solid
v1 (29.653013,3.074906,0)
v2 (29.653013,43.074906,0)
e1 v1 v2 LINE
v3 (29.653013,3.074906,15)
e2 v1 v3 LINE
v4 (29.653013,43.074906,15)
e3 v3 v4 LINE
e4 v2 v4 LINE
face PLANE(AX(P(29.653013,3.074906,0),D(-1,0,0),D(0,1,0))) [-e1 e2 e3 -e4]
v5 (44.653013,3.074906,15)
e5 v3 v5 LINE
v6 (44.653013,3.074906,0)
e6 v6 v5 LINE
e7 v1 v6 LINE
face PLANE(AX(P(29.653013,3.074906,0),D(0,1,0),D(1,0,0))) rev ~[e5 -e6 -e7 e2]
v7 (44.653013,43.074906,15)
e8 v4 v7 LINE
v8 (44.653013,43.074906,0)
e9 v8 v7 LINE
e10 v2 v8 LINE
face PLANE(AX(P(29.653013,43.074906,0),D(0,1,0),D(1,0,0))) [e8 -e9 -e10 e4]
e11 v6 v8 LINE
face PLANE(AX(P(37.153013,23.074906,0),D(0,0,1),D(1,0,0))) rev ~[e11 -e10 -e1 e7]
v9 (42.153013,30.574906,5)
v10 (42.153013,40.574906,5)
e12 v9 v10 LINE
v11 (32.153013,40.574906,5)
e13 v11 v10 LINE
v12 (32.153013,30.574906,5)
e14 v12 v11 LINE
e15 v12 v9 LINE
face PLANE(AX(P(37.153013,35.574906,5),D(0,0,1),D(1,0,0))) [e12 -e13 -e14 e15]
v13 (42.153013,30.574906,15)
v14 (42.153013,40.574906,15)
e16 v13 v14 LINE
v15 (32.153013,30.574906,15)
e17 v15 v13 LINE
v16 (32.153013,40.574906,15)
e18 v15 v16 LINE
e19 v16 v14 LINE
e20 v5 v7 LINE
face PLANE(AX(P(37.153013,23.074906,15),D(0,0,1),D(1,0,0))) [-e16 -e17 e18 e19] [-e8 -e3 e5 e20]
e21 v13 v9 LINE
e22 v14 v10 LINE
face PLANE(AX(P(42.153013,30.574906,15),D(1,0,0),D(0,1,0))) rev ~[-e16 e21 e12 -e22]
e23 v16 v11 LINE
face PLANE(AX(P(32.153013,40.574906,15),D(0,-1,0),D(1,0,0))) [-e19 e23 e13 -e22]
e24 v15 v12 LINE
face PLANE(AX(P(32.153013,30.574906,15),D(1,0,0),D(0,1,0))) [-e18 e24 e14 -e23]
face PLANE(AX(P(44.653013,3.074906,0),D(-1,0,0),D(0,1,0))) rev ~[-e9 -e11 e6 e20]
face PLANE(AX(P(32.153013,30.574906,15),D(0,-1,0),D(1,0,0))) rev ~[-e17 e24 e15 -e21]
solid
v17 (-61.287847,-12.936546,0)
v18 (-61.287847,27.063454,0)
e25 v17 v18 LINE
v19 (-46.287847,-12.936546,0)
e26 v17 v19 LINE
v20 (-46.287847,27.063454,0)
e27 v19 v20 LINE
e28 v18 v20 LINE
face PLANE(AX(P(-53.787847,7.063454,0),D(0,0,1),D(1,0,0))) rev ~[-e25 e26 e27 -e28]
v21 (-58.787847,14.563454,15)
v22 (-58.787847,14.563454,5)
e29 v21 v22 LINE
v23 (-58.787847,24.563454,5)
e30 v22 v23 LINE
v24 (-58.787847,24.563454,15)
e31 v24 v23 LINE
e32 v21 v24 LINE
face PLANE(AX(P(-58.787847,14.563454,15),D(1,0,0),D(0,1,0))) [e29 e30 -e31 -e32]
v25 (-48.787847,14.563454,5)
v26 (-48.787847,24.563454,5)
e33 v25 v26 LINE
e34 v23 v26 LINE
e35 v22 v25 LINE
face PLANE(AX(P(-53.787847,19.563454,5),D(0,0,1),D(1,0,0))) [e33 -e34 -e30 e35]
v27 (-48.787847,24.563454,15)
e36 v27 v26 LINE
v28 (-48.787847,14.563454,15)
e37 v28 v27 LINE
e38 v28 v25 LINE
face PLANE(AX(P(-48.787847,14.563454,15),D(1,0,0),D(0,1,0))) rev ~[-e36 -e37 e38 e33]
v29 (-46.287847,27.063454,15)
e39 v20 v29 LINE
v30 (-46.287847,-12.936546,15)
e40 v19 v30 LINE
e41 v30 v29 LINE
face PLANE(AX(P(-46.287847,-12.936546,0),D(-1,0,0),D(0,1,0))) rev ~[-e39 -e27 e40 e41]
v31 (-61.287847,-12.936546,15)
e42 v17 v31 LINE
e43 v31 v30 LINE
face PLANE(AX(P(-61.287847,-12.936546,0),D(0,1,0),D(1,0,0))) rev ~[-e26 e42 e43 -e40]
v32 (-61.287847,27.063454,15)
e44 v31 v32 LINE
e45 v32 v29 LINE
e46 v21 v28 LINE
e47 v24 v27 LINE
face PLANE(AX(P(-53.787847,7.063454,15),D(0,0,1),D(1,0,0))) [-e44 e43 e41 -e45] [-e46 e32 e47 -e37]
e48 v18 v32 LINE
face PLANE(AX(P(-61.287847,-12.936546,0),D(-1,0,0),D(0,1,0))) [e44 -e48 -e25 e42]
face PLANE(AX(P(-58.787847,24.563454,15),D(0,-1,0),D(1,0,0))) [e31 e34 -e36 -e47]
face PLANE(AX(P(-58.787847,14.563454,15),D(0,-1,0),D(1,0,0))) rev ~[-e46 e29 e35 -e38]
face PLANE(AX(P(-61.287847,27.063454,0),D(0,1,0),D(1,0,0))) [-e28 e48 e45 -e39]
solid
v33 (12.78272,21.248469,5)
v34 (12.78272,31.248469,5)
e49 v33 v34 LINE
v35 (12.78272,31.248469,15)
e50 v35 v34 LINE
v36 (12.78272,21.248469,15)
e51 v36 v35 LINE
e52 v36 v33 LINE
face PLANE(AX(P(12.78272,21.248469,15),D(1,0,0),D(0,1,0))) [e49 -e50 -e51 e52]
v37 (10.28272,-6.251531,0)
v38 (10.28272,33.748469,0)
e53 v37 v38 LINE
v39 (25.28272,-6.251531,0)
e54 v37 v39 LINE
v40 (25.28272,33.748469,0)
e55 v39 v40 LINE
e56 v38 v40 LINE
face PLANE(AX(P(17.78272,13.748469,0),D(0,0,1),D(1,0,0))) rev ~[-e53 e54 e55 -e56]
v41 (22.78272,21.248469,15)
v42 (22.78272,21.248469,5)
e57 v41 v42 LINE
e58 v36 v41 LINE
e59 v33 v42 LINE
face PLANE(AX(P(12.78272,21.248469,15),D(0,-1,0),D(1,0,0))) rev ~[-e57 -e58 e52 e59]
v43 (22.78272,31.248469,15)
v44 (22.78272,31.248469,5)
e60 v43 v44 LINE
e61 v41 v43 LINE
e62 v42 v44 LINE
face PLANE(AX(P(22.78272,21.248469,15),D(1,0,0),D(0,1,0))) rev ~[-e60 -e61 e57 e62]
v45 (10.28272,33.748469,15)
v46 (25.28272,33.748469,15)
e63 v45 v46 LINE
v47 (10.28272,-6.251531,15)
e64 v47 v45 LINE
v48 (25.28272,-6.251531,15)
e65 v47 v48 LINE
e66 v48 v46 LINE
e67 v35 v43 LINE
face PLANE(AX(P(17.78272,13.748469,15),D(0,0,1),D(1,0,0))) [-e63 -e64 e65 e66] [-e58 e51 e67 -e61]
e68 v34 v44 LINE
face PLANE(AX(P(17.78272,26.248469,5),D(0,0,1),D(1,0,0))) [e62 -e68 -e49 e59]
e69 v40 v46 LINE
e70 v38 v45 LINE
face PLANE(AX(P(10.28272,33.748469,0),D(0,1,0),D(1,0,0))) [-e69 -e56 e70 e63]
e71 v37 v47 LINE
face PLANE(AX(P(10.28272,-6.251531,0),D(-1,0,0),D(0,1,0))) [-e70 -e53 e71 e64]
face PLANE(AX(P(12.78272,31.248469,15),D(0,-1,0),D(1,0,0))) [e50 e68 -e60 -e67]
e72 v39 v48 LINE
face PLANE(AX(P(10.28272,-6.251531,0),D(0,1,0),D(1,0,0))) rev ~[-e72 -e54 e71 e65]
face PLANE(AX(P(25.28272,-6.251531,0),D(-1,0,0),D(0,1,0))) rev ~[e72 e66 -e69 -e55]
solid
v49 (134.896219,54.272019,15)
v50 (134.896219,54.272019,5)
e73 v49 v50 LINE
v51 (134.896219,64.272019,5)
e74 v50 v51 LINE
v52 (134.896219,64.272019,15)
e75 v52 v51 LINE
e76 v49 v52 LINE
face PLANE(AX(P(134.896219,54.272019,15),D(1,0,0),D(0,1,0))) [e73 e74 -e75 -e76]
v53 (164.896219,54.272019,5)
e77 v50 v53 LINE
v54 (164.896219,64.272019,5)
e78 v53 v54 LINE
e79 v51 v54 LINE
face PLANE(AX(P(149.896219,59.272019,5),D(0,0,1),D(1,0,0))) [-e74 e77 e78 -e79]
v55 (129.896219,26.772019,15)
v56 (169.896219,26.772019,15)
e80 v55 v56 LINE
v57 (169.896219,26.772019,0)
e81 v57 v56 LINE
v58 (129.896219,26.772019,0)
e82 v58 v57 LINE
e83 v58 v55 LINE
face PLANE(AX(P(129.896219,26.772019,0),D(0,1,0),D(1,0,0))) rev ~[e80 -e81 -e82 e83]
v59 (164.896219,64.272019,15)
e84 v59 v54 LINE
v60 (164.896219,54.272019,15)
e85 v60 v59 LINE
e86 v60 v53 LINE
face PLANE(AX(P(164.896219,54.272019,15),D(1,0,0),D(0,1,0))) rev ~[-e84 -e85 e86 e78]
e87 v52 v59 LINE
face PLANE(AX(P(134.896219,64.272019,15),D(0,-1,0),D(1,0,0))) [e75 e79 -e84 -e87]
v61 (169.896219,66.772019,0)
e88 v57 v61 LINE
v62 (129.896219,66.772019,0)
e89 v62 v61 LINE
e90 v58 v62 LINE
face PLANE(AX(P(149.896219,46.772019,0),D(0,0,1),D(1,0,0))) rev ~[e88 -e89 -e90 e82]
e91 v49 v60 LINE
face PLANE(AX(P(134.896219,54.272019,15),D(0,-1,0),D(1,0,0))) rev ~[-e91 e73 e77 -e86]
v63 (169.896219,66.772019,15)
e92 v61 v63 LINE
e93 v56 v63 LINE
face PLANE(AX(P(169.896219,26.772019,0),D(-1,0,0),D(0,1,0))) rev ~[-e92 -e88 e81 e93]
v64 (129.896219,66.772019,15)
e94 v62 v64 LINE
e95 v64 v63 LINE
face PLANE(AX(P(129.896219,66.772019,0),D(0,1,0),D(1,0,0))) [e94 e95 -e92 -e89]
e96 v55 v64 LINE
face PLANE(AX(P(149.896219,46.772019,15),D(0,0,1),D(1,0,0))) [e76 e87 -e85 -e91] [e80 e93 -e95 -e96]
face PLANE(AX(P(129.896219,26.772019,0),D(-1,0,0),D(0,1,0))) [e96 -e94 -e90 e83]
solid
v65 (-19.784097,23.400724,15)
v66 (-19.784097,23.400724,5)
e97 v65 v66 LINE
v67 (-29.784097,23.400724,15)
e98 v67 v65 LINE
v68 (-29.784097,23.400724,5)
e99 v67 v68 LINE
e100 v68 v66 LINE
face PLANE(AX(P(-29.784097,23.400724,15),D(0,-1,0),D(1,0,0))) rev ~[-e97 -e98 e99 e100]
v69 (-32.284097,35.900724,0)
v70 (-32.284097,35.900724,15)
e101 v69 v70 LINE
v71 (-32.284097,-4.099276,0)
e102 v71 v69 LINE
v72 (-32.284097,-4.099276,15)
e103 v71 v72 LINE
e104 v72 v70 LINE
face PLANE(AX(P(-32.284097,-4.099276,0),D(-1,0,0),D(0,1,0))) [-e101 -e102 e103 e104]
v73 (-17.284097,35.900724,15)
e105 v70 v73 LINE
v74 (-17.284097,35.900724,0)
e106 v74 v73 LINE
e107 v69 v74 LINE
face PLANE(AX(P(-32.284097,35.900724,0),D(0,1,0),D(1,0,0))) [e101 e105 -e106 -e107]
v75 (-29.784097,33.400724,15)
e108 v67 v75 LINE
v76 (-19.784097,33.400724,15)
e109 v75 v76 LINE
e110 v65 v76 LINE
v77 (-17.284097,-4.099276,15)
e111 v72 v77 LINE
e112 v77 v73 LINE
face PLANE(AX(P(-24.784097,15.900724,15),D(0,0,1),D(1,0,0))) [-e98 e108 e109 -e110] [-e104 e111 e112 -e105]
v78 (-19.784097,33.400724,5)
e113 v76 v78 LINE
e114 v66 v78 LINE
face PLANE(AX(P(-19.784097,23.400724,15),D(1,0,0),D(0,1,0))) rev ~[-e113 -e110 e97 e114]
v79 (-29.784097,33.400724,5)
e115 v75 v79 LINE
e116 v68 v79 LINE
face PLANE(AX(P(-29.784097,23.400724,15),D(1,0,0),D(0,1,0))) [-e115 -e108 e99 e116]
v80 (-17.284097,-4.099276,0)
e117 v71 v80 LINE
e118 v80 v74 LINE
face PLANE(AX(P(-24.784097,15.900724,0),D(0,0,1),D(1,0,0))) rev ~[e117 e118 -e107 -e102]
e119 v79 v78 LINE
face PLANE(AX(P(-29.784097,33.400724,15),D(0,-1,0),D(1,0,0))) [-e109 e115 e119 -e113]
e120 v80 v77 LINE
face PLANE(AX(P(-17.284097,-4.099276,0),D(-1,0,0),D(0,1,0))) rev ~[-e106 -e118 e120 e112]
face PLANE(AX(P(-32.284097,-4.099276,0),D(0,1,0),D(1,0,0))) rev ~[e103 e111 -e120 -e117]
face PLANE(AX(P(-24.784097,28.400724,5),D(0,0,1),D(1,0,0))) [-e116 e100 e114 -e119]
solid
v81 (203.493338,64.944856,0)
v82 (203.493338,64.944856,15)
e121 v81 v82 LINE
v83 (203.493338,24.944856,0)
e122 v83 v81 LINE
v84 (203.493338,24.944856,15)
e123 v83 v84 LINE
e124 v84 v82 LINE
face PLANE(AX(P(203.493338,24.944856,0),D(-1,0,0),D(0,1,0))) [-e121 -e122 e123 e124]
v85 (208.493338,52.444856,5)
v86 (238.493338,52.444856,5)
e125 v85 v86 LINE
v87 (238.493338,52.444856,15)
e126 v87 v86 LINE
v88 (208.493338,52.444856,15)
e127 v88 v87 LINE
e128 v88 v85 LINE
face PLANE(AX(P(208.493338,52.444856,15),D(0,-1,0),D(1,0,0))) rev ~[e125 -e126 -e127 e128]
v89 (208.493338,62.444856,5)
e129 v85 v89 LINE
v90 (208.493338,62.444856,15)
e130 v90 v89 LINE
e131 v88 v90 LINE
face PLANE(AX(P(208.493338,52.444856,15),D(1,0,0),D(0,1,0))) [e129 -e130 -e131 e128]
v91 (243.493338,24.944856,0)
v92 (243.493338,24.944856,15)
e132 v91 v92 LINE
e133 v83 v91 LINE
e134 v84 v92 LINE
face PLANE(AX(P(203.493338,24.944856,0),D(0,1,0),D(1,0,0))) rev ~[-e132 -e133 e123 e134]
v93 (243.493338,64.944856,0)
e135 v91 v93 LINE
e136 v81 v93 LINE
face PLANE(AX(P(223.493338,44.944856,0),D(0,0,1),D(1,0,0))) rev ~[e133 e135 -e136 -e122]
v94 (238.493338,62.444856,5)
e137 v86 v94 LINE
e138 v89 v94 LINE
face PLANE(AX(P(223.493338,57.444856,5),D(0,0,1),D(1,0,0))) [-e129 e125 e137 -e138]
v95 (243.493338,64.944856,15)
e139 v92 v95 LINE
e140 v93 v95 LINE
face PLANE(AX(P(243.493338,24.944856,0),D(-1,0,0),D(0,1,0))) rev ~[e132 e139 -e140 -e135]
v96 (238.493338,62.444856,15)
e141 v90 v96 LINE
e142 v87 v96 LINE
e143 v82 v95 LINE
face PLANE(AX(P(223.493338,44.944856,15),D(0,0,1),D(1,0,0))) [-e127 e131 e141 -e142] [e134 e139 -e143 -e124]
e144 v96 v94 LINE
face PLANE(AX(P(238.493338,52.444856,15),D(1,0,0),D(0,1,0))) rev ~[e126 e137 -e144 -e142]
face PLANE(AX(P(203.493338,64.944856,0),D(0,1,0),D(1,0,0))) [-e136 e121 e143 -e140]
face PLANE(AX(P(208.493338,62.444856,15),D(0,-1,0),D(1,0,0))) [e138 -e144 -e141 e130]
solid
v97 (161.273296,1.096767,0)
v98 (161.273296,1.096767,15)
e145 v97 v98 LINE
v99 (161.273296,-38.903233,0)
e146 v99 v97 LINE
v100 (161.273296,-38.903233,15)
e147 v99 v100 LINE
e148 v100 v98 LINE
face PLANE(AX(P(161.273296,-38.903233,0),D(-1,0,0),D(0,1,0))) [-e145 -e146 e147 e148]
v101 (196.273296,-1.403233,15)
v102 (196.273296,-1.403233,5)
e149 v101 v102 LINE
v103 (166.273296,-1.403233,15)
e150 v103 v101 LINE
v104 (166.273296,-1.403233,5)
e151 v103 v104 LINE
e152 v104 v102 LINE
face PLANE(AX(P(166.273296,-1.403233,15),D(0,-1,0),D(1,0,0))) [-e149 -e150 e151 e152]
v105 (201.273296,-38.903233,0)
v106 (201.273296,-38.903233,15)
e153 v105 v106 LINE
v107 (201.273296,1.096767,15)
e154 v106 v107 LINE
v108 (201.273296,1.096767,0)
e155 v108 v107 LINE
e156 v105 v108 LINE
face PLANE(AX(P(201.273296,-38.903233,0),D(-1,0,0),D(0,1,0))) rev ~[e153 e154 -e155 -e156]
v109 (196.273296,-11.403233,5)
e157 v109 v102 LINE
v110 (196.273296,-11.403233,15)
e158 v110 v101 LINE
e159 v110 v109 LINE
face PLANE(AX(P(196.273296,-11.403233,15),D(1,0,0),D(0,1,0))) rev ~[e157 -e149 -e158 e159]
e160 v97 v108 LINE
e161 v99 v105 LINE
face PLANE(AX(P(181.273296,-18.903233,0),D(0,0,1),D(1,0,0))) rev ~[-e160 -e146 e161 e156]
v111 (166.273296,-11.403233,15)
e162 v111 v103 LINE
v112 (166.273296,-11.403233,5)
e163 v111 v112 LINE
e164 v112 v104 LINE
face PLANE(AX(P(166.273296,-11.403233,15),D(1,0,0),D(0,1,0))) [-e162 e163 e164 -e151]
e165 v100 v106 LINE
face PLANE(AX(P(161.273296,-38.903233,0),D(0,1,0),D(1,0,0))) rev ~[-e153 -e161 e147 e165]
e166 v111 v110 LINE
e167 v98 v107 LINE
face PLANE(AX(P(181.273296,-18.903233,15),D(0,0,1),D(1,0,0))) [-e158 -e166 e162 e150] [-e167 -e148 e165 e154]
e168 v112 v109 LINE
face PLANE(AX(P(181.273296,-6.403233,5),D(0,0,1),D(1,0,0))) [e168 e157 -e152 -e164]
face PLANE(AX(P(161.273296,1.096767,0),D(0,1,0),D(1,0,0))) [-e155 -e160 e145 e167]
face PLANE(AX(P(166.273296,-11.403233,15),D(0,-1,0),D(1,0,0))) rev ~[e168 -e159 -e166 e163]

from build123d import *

# Parameters (mm, degrees)
F0_W      = 15
F0_H      = 40
F1_DEPTH  = 15
F2_W      = 10
F2_H      = 10
F3_W      = 10
F3_H      = 10
F4_W      = 10
F4_H      = 10
F5_W      = 10
F5_H      = 10
F6_DEPTH  = 10
F7_DEPTH  = 10
F8_DEPTH  = 10
F9_DEPTH  = 10
F10_W     = 40
F10_H     = 40
F11_DEPTH = 15
F12_W     = 30
F12_H     = 10
F13_DEPTH = 10
F14_DEPTH = 10
F15_DEPTH = 10


with BuildPart() as f1:
    # F0 (on Top) → F1 (new body)
    with BuildSketch(Plane.XY):
        with Locations((-53.787847, 7.063454)):
            Rectangle(F0_W, F0_H)
        with Locations((-24.784097, 15.900724)):
            Rectangle(F0_W, F0_H)
        with Locations((17.78272, 13.748469)):
            Rectangle(F0_W, F0_H)
        with Locations((37.153013, 23.074906)):
            Rectangle(F0_W, F0_H)
    extrude(amount=F1_DEPTH)

    # F2 (on face) + F3 (on face) + F4 (on face) + F5 (on face) → F6 (cut)
    with BuildSketch(Plane.XY.offset(15)):
        with Locations((-53.787847, 19.563454)):
            Rectangle(F2_W, F2_H)
    with BuildSketch(Plane.XY.offset(15)):
        with Locations((-24.784097, 28.400724)):
            Rectangle(F3_W, F3_H)
    with BuildSketch(Plane.XY.offset(15)):
        with Locations((17.78272, 26.248469)):
            Rectangle(F4_W, F4_H)
    with BuildSketch(Plane.XY.offset(15)):
        with Locations((37.153013, 35.574906)):
            Rectangle(F5_W, F5_H)
    extrude(amount=-F6_DEPTH, mode=Mode.SUBTRACT)

    # F3 (on face) → F7 (cut)
    with BuildSketch(Plane.XY.offset(15)):
        with Locations((-24.784097, 28.400724)):
            Rectangle(F3_W, F3_H)
    extrude(amount=-F7_DEPTH, mode=Mode.SUBTRACT)

    # F4 (on face) → F8 (cut)
    with BuildSketch(Plane.XY.offset(15)):
        with Locations((17.78272, 26.248469)):
            Rectangle(F4_W, F4_H)
    extrude(amount=-F8_DEPTH, mode=Mode.SUBTRACT)

    # F5 (on face) → F9 (cut)
    with BuildSketch(Plane.XY.offset(15)):
        with Locations((37.153013, 35.574906)):
            Rectangle(F5_W, F5_H)
    extrude(amount=-F9_DEPTH, mode=Mode.SUBTRACT)


with BuildPart() as f11:
    # F10 (on Top) → F11 (new body)
    with BuildSketch(Plane.XY):
        with Locations((149.896219, 46.772019)):
            Rectangle(F10_W, F10_H)
        with Locations((223.493338, 44.944856)):
            Rectangle(F10_W, F10_H)
        with Locations((181.273296, -18.903233)):
            Rectangle(F10_W, F10_H)
    extrude(amount=F11_DEPTH)

    # F12 (on face) → F13 (cut)
    with BuildSketch(Plane.XY.offset(15)):
        with Locations((149.896219, 59.272019)):
            Rectangle(F12_W, F12_H)
    extrude(amount=-F13_DEPTH, mode=Mode.SUBTRACT)

    # F12 (on face) → F14 (cut)
    with BuildSketch(Plane.XY.offset(15)):
        with Locations((223.493338, 57.444856)):
            Rectangle(F12_W, F12_H)
    extrude(amount=-F14_DEPTH, mode=Mode.SUBTRACT)

    # F12 (on face) → F15 (cut)
    with BuildSketch(Plane.XY.offset(15)):
        with Locations((181.273296, -6.403233)):
            Rectangle(F12_W, F12_H)
    extrude(amount=-F15_DEPTH, mode=Mode.SUBTRACT)


solid = Compound([f1.part, f11.part])
